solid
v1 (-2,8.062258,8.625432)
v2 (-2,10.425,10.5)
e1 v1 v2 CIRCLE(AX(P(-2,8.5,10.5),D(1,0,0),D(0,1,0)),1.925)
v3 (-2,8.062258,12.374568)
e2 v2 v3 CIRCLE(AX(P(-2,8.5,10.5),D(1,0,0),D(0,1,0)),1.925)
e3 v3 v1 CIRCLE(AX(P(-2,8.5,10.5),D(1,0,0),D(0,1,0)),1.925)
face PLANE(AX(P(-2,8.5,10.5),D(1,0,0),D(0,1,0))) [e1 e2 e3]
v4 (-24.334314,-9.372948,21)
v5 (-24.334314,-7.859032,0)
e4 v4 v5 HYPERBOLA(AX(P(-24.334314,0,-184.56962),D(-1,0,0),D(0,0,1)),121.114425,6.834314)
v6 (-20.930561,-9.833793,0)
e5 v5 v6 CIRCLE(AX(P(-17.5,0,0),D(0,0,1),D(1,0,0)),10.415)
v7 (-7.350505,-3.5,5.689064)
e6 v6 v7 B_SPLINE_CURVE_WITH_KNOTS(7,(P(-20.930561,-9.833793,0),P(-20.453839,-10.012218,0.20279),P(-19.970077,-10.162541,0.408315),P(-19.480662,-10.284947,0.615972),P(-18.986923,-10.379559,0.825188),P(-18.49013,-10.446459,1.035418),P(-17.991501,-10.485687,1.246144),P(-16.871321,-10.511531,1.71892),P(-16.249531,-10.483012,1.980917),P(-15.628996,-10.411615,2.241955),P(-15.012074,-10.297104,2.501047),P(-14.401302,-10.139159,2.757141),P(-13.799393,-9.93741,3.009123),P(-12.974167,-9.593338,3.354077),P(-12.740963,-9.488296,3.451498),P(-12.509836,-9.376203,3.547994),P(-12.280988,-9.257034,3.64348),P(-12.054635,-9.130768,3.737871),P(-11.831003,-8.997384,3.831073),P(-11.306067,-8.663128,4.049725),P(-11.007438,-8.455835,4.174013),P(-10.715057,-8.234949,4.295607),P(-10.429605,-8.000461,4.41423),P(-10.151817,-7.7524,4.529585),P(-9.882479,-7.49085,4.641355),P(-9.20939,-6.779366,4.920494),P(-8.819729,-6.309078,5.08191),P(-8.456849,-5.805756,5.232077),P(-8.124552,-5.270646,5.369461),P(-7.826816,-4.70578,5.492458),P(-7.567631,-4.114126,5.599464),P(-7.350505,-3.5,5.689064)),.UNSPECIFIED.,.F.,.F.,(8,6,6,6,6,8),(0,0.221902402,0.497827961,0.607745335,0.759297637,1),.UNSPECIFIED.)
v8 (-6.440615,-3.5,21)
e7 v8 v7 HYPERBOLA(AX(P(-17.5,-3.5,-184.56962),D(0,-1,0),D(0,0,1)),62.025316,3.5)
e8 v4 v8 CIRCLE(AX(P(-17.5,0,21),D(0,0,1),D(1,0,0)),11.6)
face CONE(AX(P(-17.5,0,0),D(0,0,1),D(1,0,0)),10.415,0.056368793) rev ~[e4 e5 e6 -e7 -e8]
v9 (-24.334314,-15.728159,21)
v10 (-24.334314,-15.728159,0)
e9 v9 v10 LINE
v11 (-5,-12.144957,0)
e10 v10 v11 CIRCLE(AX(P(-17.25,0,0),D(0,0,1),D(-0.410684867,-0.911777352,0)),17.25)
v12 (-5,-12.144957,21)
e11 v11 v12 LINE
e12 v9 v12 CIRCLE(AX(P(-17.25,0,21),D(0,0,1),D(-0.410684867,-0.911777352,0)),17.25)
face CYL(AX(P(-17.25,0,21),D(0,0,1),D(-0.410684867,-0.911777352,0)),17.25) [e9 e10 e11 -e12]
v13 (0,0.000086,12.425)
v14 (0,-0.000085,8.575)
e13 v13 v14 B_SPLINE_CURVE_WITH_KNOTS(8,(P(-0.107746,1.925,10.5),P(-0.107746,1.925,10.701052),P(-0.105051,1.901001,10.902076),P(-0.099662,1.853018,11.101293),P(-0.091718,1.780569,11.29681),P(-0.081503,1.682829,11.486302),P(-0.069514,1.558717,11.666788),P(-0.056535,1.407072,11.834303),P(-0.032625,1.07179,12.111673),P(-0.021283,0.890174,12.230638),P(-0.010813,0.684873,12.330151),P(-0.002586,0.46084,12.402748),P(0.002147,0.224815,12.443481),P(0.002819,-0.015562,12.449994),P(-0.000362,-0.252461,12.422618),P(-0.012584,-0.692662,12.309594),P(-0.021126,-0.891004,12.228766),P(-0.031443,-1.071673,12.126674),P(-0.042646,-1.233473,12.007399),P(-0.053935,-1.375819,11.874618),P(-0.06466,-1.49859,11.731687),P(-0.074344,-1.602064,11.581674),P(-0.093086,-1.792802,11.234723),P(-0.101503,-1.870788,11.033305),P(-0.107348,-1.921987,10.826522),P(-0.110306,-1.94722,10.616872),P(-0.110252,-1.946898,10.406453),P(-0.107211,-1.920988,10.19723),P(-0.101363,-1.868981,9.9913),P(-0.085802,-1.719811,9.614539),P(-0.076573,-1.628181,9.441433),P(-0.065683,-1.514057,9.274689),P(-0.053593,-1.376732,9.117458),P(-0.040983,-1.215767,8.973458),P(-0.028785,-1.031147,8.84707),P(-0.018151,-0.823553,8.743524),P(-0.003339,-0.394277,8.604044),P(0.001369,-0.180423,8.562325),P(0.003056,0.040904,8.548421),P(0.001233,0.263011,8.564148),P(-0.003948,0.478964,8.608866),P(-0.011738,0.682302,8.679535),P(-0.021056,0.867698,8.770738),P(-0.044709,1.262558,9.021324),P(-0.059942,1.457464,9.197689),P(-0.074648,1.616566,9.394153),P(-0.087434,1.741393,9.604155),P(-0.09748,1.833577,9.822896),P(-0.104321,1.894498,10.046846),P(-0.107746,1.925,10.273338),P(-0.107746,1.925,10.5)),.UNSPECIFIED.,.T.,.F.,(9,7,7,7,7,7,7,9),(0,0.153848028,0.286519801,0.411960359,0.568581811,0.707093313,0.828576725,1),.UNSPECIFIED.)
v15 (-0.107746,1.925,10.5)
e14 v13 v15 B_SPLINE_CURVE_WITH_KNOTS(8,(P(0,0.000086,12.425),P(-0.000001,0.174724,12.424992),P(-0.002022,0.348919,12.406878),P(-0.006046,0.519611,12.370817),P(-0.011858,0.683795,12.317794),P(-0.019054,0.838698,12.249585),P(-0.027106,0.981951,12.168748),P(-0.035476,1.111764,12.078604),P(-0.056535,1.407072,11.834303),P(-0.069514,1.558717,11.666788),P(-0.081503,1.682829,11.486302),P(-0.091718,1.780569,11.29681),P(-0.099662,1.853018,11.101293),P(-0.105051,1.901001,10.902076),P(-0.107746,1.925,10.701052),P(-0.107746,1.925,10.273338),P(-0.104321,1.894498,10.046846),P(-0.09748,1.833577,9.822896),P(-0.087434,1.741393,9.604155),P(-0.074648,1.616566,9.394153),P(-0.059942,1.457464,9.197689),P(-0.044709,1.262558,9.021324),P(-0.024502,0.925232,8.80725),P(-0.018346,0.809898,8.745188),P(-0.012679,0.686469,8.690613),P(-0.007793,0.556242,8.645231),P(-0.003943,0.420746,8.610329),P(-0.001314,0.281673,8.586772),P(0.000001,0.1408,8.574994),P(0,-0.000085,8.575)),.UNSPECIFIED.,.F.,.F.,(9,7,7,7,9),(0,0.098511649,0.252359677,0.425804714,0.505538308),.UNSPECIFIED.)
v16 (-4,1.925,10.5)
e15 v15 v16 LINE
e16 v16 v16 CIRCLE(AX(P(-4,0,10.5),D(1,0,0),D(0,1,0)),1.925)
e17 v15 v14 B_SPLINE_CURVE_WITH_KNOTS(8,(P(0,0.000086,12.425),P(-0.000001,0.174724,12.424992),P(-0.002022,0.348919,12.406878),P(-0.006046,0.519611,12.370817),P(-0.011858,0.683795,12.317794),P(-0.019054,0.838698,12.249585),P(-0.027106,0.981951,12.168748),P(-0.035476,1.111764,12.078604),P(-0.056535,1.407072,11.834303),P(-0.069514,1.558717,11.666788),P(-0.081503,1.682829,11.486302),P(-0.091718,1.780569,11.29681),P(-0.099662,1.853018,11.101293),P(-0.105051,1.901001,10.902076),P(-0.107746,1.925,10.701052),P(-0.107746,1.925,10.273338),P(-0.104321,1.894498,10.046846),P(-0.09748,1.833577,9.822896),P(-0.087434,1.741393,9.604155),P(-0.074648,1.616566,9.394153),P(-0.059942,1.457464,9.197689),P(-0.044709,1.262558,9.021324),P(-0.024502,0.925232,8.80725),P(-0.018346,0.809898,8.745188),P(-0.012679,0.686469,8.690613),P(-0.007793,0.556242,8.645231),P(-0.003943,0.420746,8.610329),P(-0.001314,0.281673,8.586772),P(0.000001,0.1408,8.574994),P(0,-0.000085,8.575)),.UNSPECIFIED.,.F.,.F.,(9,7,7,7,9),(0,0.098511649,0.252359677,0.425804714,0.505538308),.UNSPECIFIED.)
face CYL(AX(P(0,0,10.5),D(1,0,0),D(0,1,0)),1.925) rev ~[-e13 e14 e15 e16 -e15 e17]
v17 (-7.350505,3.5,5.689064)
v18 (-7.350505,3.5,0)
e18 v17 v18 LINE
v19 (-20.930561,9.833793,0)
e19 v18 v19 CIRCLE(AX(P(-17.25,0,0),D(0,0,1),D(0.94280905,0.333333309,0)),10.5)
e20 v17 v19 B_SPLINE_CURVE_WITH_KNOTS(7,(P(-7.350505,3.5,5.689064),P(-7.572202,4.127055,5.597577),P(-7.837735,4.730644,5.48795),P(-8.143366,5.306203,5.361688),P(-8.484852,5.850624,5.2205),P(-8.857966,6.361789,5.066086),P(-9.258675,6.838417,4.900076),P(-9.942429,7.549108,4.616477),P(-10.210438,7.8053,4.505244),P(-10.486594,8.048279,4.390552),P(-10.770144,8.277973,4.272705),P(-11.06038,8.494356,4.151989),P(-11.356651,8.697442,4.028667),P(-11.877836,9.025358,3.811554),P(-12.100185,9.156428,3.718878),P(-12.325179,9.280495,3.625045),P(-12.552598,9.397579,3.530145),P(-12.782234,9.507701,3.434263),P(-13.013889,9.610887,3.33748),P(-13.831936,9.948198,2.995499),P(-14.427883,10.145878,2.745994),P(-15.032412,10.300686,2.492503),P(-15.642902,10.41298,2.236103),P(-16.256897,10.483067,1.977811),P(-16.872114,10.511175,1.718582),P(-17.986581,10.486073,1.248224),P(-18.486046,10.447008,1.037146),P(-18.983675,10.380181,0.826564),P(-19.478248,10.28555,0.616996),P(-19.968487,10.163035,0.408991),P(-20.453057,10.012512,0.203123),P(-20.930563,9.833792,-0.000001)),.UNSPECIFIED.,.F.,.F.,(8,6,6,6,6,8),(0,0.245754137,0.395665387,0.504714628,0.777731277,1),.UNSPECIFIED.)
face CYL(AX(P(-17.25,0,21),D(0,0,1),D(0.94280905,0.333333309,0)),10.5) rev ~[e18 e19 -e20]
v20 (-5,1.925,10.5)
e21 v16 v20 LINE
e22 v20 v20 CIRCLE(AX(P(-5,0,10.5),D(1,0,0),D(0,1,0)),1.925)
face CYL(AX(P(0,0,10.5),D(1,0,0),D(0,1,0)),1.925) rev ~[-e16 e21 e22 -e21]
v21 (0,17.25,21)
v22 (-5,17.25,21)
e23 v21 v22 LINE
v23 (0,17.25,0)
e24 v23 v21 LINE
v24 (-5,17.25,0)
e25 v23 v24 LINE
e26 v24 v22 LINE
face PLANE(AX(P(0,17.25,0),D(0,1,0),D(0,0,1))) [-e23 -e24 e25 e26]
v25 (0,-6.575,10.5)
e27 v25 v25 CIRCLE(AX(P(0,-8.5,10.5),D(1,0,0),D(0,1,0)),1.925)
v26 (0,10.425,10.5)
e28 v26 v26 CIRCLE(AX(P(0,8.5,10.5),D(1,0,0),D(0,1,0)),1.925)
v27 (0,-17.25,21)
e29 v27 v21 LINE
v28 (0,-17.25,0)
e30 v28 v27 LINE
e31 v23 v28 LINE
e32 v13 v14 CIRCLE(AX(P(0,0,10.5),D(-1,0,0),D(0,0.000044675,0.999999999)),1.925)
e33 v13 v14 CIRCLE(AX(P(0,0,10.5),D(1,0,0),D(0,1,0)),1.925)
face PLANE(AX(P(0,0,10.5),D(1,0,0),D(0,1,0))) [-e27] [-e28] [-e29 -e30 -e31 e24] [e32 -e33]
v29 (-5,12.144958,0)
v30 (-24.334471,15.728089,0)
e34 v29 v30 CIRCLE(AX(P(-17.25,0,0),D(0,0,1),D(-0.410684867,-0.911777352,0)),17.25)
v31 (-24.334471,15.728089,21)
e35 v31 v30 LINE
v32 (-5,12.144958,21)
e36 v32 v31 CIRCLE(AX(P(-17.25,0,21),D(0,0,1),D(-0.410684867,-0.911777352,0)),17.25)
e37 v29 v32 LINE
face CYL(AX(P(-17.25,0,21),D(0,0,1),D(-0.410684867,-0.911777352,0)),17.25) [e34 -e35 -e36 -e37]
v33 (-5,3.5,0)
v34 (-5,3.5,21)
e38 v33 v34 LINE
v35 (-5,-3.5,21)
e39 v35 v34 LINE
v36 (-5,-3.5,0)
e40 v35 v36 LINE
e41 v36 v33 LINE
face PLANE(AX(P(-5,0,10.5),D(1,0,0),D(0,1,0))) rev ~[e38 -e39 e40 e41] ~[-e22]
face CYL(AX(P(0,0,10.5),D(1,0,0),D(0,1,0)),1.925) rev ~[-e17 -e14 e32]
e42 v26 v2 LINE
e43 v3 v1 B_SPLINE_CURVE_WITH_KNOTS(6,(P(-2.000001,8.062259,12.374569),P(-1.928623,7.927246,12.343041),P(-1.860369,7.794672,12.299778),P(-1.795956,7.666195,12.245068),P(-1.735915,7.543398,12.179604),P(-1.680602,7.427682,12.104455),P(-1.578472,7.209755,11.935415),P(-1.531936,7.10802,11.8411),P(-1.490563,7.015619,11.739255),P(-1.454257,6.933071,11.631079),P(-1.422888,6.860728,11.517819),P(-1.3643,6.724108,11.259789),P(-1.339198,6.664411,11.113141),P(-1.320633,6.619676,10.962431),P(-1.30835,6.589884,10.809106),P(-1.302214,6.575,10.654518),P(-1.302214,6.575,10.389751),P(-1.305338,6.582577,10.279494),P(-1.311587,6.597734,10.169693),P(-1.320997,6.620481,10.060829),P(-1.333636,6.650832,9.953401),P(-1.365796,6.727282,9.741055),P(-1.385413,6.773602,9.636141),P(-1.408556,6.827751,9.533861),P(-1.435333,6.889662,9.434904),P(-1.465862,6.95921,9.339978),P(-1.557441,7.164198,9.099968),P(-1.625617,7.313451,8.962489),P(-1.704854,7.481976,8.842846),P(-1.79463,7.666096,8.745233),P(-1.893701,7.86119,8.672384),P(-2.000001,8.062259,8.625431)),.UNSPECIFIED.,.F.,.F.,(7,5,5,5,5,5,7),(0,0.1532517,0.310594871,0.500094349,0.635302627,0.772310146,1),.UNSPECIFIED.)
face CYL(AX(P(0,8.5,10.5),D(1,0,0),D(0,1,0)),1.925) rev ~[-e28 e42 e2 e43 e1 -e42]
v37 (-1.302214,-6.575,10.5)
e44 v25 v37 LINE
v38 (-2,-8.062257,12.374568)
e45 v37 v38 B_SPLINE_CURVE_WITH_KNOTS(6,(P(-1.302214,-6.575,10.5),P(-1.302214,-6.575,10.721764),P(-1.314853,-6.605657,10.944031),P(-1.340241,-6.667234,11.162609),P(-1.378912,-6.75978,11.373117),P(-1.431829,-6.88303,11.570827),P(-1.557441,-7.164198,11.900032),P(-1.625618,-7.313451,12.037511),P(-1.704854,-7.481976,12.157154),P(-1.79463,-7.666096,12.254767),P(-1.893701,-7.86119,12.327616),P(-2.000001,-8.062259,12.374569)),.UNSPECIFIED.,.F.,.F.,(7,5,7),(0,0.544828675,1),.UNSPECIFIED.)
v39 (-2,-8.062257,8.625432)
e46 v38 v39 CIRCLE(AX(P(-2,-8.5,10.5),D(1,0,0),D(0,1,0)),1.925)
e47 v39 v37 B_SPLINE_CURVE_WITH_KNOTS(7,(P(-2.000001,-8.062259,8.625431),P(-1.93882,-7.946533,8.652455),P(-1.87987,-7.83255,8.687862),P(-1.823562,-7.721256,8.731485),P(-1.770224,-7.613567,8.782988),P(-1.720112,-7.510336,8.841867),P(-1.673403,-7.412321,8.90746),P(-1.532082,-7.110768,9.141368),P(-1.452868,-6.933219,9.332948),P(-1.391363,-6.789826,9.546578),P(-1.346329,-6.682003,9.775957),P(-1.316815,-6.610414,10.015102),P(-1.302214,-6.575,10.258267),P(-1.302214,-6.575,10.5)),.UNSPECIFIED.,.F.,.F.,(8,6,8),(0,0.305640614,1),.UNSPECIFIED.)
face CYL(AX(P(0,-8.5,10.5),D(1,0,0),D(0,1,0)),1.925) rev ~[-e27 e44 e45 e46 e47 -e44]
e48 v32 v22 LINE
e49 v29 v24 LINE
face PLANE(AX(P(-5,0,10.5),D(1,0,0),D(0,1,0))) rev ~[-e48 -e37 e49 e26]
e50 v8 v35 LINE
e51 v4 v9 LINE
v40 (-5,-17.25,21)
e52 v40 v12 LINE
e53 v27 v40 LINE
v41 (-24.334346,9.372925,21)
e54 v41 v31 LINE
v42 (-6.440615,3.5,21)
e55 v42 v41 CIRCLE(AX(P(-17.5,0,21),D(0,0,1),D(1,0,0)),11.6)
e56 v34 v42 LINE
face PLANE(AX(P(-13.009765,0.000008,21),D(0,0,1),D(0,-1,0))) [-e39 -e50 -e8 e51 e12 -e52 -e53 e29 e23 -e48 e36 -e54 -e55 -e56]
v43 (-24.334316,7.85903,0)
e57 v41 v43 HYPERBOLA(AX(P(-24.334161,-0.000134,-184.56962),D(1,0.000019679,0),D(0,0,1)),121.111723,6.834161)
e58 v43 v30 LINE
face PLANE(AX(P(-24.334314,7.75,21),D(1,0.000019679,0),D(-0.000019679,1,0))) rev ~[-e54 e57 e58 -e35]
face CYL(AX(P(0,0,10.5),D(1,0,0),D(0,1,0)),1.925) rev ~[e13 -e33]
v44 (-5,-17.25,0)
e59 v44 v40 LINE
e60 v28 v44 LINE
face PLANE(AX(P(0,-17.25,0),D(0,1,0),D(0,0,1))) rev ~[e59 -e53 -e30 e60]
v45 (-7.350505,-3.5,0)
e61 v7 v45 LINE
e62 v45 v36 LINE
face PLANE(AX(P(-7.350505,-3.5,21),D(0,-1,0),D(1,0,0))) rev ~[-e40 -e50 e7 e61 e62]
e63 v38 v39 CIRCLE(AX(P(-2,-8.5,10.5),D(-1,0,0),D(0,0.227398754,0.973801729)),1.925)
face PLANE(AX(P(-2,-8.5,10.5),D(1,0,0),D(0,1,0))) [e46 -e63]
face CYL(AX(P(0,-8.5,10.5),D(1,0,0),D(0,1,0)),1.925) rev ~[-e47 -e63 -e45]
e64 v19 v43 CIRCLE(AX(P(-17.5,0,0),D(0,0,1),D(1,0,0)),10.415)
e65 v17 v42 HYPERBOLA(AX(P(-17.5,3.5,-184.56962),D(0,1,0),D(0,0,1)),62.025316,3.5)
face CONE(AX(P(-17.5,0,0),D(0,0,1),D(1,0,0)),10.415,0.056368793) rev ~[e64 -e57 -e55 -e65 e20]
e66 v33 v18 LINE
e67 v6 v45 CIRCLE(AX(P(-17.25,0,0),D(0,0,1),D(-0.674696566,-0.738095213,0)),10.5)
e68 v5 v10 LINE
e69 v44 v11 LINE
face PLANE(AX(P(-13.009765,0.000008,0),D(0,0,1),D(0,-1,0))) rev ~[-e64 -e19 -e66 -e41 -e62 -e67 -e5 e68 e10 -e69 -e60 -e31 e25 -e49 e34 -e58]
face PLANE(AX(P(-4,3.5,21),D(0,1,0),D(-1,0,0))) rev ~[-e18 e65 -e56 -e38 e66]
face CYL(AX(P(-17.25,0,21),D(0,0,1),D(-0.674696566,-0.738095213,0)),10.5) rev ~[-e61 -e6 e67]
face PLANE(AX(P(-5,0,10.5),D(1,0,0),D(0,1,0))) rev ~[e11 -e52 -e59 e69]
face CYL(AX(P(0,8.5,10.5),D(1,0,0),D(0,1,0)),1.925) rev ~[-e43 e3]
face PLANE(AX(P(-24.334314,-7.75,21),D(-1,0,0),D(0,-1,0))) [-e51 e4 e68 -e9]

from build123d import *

# Parameters (mm, degrees)
SKETCH007_W     = 34.5
SKETCH007_H     = 21
SKETCH007_R     = 1.925
PAD001_DEPTH    = 5
SKETCH008_R     = 1.925
POCKET006_DEPTH = 2
PAD002_DEPTH    = 21
SKETCH010_R     = 1.925
POCKET007_DEPTH = 2
SKETCH011_R     = 1.925
POCKET008_DEPTH = 24.335471


with BuildPart() as cono:
    # Cone → Cone (revolve)
    with BuildSketch(Plane(origin=(-17.5, 0, 0), x_dir=(1, 0, 0), z_dir=(0, -1, 0))):
        Polygon((0, 0), (10.415, 0), (11.6, 21), (0, 21), align=None)
    revolve(axis=Axis((-17.5, 0, 0), (0, 0, 1)))


with BuildPart() as soporte_ducha_telefono_cono:
    # Sketch007 → Pad001 (new body)
    with BuildSketch(Plane.YZ):
        with Locations((0, 10.5)):
            Rectangle(SKETCH007_W, SKETCH007_H)
        with Locations((0, 10.5)):
            Circle(SKETCH007_R, mode=Mode.SUBTRACT)
    extrude(amount=-PAD001_DEPTH)

    # Sketch008 → Pocket006 (cut)
    with BuildSketch(Plane.YZ):
        with Locations((-8.5, 10.5)):
            Circle(SKETCH008_R)
        with Locations((8.5, 10.5)):
            Circle(SKETCH008_R)
    extrude(amount=-POCKET006_DEPTH, mode=Mode.SUBTRACT)

    # Sketch009 → Pad002 (new body)
    with BuildSketch(Plane(origin=(0, 0, 21), x_dir=(0, -1, 0), z_dir=(0, 0, 1))):
        with BuildLine():
            ThreePointArc((15.728159, -24.334314), (-8.6e-05, 0), (-15.728089, -24.334471))
            Line((-7.75, -24.334314), (-15.728089, -24.334471))
            ThreePointArc((-3.5, -7.350505), (-10.185925, -14.701091), (-7.75, -24.334314))
            Line((-3.5, -4), (-3.5, -7.350505))
            Line((3.5, -4), (-3.5, -4))
            Line((3.5, -7.350505), (3.5, -4))
            ThreePointArc((7.75, -24.334314), (10.185925, -14.701091), (3.5, -7.350505))
            Line((7.75, -24.334314), (15.728159, -24.334314))
        make_face()
    extrude(amount=-PAD002_DEPTH)

    # Sketch010 → Pocket007 (cut)
    with BuildSketch(Plane.YZ):
        with Locations((-8.5, 10.5)):
            Circle(SKETCH010_R)
        with Locations((8.5, 10.5)):
            Circle(SKETCH010_R)
    extrude(amount=-POCKET007_DEPTH, mode=Mode.SUBTRACT)

    # Sketch011 → Pocket008 (cut, through all)
    with BuildSketch(Plane.YZ):
        with Locations((0, 10.5)):
            Circle(SKETCH011_R)
    extrude(amount=-POCKET008_DEPTH, mode=Mode.SUBTRACT)

    # Cut: cut Cono
    add(cono.part, mode=Mode.SUBTRACT)


solid = soporte_ducha_telefono_cono.part
